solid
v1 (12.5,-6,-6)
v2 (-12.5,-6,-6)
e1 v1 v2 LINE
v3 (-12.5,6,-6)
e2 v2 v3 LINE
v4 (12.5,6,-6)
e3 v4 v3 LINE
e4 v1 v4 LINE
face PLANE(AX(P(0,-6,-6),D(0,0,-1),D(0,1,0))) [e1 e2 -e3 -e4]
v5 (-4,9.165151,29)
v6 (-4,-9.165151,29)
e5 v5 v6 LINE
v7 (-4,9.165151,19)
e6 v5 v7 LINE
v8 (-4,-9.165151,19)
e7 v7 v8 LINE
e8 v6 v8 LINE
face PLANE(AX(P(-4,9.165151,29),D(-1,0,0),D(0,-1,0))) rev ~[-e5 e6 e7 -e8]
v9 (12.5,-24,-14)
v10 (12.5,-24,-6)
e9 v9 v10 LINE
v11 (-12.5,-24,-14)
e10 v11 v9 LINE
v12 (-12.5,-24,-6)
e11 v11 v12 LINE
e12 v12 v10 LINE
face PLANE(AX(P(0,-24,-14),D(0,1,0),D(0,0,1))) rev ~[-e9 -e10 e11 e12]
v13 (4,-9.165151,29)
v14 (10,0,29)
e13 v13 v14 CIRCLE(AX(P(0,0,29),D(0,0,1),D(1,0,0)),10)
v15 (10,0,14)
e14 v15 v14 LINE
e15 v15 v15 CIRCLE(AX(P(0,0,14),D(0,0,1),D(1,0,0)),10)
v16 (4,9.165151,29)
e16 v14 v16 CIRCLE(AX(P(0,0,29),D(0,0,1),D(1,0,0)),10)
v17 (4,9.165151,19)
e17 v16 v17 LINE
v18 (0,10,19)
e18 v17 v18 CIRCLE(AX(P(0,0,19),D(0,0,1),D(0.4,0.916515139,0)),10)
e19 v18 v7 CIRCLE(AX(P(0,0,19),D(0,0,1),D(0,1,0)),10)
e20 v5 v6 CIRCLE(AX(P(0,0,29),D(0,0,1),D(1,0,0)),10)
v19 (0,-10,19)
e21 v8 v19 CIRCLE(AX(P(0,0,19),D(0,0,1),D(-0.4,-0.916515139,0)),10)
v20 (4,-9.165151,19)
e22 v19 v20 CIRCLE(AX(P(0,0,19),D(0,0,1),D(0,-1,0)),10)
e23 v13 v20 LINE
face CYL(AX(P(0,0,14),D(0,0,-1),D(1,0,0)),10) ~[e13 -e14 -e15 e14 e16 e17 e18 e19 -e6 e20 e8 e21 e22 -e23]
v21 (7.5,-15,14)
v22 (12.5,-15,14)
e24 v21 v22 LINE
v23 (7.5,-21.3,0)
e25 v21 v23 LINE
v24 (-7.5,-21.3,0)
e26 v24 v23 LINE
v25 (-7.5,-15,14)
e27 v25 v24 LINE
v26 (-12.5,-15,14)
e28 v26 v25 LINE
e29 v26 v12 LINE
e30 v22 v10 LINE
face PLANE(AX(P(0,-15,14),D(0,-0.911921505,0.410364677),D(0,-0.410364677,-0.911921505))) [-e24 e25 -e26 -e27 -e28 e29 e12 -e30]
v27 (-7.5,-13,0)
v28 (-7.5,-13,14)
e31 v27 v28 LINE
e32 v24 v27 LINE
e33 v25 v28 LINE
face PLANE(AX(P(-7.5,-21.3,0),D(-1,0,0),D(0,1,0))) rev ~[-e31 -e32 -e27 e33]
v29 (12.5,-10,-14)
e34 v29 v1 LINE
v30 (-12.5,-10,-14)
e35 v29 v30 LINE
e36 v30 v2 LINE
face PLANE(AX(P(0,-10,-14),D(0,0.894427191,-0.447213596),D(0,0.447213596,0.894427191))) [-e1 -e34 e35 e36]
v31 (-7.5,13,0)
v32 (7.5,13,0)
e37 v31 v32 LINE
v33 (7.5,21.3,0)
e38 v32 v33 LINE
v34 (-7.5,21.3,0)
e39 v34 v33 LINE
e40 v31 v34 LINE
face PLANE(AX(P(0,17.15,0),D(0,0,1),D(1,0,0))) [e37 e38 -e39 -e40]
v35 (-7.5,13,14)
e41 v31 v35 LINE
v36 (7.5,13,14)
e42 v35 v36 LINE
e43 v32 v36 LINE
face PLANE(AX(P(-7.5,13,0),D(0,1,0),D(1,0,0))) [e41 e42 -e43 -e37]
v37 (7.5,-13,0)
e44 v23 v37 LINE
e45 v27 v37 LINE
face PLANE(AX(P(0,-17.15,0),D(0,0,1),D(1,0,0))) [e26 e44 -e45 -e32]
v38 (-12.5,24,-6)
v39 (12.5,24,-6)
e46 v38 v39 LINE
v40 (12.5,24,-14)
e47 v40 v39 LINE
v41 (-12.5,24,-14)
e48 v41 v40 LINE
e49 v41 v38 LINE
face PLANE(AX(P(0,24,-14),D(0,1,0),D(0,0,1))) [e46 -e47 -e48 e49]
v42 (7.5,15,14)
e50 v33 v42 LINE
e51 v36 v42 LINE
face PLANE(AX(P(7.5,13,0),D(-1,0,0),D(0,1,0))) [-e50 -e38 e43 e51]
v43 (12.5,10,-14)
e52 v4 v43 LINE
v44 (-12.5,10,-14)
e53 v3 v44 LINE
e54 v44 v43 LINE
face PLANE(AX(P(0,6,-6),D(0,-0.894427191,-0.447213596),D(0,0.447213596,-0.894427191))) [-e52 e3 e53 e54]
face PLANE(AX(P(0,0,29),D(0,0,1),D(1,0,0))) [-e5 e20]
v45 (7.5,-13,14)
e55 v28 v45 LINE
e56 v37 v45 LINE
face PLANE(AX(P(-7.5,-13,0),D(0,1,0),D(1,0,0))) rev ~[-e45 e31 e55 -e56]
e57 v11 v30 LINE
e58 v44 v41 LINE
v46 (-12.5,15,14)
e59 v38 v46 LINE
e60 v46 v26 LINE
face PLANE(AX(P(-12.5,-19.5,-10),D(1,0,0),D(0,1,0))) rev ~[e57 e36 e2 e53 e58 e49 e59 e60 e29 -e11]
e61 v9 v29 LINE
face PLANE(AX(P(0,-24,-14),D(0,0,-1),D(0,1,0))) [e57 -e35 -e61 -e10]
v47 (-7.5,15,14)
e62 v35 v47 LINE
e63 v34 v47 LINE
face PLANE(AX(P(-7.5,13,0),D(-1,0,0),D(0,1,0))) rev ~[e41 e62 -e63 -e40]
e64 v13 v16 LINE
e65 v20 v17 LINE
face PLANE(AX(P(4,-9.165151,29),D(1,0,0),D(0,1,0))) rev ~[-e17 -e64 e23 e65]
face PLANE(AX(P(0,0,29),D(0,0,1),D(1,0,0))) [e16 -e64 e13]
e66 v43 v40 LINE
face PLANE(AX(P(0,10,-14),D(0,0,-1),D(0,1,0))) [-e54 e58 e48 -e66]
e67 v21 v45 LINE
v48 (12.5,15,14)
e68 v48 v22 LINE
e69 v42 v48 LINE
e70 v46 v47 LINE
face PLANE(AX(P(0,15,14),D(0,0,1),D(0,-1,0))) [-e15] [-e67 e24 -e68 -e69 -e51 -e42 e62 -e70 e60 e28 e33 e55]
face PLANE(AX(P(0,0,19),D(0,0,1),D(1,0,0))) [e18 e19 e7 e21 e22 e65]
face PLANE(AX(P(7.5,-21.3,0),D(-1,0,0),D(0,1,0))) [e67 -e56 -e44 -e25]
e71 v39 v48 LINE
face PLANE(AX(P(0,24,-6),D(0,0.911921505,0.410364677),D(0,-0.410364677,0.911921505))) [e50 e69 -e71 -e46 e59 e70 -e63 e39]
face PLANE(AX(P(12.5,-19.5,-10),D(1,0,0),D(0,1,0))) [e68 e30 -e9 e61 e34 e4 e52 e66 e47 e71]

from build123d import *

# Parameters (mm, degrees)
F0_W     = 9
F0_H     = 8
F0_W_2   = 5
F0_H_2   = 18
F0_W_3   = 10
F0_H_3   = 2
F1_DEPTH = 12.5
F2_R     = 10
F3_DEPTH = 15
F5_DEPTH = 10
F6_W     = 15
F6_H     = 8.3
F7_DEPTH = 14


with BuildPart() as f1:
    # F0 (on Right) → F1 (new body, symmetric)
    with BuildSketch(Plane.YZ):
        with Locations((-19.5, -10)):
            Rectangle(F0_W, F0_H)
        Polygon((-15, -6), (-15, -4), (-23.1, -4), (-24, -6), align=None)
        Polygon((-15, -4), (-15, 14), (-23.1, -4), align=None)
        with Locations((-12.5, 5)):
            Rectangle(F0_W_2, F0_H_2)
        with Locations((-7.5, 5)):
            Rectangle(F0_W_2, F0_H_2)
        with Locations((0, 5)):
            Rectangle(F0_W_3, F0_H_2)
        with Locations((7.5, 5)):
            Rectangle(F0_W_2, F0_H_2)
        with Locations((12.5, 5)):
            Rectangle(F0_W_2, F0_H_2)
        Polygon((23.1, -4), (15, 14), (15, -4), align=None)
        Polygon((23.1, -4), (15, -4), (15, -6), (24, -6), align=None)
        with Locations((19.5, -10)):
            Rectangle(F0_W, F0_H)
        with Locations((12.5, -10)):
            Rectangle(F0_W_2, F0_H)
        Polygon((10, -14), (10, -6), (6, -6), align=None)
        with Locations((12.5, -5)):
            Rectangle(F0_W_2, F0_H_3)
        with Locations((0, -5)):
            Rectangle(F0_W_3, F0_H_3)
        Polygon((-5, -6), (-5, -4), (-6, -6), align=None)
        Polygon((6, -6), (5, -4), (5, -6), align=None)
        Polygon((10, -6), (10, -4), (5, -4), (6, -6), align=None)
        Polygon((-6, -6), (-5, -4), (-10, -4), (-10, -6), align=None)
        Polygon((-10, -14), (-6, -6), (-10, -6), align=None)
        with Locations((-12.5, -10)):
            Rectangle(F0_W_2, F0_H)
        with Locations((-12.5, -5)):
            Rectangle(F0_W_2, F0_H_3)
    extrude(amount=F1_DEPTH, both=True)

    # F2 (on face) → F3 (join)
    with BuildSketch(Plane.XY.offset(14)):
        Circle(F2_R)
    extrude(amount=F3_DEPTH)

    # F4 (on face) → F5 (cut)
    with BuildSketch(Plane.XY.offset(29)):
        with BuildLine():
            ThreePointArc((4, 9.1651513899), (2.0430964369, 9.7890631293), (0, 10))
            ThreePointArc((0, 10), (-2.0430964369, 9.7890631293), (-4, 9.1651513899))
            Line((-4, 9.1651513899), (-4, -9.1651513899))
            ThreePointArc((-4, -9.1651513899), (-2.0430964369, -9.7890631293), (0, -10))
            ThreePointArc((0, -10), (2.0430964369, -9.7890631293), (4, -9.1651513899))
            Line((4, -9.1651513899), (4, 9.1651513899))
        make_face()
    extrude(amount=-F5_DEPTH, mode=Mode.SUBTRACT)

    # F6 (on Top) → F7 (cut)
    with BuildSketch(Plane.XY):
        with Locations((0, -17.15)):
            Rectangle(F6_W, F6_H)
        with Locations((0, 17.15)):
            Rectangle(F6_W, F6_H)
    extrude(amount=F7_DEPTH, mode=Mode.SUBTRACT)


solid = f1.part
